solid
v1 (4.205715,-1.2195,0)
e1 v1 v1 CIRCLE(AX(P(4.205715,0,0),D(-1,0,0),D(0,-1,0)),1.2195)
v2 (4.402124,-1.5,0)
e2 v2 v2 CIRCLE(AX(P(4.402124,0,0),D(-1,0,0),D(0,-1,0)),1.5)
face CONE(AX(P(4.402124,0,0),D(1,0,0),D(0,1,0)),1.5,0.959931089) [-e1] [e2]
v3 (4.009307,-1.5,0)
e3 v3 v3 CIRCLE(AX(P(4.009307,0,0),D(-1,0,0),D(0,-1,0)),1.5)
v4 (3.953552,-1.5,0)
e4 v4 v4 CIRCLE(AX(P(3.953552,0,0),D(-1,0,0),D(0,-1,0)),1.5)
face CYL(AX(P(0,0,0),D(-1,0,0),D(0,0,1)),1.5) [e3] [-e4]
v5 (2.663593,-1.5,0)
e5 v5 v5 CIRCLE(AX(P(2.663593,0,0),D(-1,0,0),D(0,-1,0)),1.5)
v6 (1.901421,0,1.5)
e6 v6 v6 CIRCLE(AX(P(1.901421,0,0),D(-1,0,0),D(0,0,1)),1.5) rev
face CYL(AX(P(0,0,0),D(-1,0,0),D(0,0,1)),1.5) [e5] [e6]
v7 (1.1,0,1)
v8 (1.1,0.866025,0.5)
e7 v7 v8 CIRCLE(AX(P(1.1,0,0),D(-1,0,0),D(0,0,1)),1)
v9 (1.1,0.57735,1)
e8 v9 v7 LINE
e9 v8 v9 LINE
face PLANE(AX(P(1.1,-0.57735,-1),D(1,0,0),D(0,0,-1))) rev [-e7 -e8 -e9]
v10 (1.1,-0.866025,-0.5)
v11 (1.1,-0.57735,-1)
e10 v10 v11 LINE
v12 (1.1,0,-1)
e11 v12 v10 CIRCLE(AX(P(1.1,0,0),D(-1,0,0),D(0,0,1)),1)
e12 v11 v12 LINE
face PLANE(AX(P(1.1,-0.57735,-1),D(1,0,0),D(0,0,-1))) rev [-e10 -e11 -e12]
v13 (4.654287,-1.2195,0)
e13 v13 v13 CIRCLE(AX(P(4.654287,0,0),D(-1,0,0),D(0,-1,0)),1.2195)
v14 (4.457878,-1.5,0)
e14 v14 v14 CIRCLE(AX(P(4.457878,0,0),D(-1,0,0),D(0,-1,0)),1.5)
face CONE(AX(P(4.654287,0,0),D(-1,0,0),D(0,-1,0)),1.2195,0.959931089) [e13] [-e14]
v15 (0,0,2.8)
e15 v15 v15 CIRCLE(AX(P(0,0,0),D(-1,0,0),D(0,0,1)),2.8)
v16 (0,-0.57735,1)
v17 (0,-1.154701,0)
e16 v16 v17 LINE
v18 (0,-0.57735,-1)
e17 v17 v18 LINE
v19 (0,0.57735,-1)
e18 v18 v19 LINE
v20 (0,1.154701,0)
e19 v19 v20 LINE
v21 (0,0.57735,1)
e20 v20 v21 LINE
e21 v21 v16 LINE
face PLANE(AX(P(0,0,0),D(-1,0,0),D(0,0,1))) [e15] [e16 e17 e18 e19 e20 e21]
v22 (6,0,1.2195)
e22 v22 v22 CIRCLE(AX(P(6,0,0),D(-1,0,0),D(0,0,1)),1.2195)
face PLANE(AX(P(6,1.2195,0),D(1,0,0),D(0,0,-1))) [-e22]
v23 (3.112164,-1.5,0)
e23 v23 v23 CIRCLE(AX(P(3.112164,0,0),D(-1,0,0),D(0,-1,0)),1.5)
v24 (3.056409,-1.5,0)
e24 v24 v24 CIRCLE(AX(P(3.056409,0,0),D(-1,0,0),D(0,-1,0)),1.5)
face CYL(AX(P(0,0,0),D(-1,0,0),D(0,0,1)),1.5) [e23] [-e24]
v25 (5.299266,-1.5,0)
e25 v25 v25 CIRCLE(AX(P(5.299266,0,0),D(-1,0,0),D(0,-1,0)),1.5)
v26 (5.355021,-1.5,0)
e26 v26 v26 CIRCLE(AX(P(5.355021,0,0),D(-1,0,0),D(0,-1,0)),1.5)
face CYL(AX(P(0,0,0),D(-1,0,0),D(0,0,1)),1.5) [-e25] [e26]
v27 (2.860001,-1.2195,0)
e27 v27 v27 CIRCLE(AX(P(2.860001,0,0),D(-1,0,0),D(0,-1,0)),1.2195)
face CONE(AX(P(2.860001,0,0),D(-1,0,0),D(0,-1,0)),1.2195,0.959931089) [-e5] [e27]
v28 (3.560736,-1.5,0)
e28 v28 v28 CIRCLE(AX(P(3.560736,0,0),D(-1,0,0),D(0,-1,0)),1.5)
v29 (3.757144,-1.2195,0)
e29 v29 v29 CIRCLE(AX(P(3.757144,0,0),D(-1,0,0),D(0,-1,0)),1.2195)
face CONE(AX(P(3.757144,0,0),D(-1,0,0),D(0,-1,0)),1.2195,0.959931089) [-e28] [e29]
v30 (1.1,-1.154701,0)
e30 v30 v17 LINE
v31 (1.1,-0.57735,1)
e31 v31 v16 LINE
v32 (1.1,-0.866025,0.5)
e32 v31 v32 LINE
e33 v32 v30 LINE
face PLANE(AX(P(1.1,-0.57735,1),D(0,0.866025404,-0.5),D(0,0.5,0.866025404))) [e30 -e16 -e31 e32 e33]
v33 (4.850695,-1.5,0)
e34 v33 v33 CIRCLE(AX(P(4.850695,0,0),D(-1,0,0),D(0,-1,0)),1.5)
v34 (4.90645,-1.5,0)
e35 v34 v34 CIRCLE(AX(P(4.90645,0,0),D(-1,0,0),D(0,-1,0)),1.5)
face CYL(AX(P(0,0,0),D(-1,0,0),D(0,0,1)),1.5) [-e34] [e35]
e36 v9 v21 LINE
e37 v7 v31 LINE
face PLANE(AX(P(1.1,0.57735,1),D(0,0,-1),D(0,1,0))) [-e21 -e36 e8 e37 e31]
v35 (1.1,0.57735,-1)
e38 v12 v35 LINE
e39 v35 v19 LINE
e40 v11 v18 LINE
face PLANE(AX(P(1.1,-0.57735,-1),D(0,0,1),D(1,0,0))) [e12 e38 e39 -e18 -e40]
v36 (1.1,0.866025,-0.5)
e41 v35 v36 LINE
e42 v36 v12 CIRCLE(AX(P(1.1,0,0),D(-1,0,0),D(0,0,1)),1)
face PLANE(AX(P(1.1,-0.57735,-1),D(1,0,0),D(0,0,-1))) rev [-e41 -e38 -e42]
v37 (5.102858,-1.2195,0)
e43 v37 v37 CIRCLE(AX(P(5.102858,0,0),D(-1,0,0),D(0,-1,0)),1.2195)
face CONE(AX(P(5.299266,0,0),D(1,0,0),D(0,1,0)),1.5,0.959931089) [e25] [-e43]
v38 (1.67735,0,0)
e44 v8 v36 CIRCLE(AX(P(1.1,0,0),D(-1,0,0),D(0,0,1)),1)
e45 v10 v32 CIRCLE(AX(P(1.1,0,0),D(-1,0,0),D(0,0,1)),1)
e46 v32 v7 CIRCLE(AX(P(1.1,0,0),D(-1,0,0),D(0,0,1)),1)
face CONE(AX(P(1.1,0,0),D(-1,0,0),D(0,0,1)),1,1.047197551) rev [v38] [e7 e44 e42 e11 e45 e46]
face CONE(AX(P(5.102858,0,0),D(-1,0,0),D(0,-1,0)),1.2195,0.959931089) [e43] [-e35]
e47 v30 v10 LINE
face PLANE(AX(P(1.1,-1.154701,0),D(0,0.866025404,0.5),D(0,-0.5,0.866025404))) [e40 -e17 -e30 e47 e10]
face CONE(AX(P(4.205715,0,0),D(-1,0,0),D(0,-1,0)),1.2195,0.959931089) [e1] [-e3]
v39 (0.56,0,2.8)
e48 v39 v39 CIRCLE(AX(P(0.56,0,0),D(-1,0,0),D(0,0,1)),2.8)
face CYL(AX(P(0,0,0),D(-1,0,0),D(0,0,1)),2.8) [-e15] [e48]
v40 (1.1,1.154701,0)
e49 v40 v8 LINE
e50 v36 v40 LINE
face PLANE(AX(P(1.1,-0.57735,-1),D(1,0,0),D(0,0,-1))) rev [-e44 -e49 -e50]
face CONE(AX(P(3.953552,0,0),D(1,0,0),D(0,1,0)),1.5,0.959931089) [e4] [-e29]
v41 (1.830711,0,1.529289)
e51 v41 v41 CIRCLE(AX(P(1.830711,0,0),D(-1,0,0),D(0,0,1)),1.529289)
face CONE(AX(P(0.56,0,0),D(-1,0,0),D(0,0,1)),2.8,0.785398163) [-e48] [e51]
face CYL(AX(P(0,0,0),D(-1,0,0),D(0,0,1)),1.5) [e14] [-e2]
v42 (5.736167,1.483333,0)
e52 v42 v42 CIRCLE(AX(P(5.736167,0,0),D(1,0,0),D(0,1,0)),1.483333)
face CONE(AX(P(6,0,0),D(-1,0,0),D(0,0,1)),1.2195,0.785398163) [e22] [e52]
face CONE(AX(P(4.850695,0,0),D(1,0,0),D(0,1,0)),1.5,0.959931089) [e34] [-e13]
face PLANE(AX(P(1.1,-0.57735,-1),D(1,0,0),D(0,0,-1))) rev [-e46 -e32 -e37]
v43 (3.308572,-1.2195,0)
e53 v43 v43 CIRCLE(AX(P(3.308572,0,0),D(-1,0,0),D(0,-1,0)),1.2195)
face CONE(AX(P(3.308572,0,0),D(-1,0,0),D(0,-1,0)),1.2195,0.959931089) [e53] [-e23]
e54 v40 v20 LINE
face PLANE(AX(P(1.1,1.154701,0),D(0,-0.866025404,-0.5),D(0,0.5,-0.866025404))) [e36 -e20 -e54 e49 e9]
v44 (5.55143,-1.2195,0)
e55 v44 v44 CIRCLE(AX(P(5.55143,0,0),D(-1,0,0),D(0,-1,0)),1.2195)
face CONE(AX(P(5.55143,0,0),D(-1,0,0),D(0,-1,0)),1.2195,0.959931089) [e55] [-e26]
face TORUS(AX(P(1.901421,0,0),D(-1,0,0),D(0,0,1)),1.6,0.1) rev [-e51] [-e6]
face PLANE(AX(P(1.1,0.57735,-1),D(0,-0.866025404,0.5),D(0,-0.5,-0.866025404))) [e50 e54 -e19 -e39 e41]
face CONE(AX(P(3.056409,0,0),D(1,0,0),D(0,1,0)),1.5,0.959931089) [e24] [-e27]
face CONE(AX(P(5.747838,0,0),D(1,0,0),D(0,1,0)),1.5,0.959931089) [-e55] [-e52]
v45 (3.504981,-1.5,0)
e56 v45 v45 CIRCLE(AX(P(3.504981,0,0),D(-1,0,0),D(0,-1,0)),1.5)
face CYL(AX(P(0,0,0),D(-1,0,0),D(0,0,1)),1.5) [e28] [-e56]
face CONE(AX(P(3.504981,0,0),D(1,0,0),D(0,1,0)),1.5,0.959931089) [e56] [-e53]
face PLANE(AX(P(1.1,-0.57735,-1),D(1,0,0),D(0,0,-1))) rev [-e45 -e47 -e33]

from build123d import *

# Parameters (mm, degrees)
FILLET1_R       = 0.1
HEX_2_DEPTH     = 1.1
THDSCHPAT_COUNT = 7
THDSCHPAT_PITCH = 0.448571429


with BuildPart() as part:
    # BodySke → BaseBody (revolve)
    with BuildSketch(Plane.XY, mode=Mode.PRIVATE) as basebody_sk:
        Polygon((0, 0), (0, 2.8), (0.56, 2.8), (1.86, 1.5), (5.7195, 1.5), (6, 1.2195), (6, 0), align=None)
    revolve(basebody_sk.sketch.rotate(Axis((0, 0, 0), (1, 0, 0)), 90), axis=Axis((0, 0, 0), (1, 0, 0)))

    # Fillet1
    fillet1_edges = [part.edges().sort_by_distance(p)[0] for p in [
        (1.86, 0, -1.5),
    ]]
    fillet(fillet1_edges, radius=FILLET1_R)

    # Sketch2 → PreBroach (revolve, cut)
    with BuildSketch(Plane.XY, mode=Mode.PRIVATE) as prebroach_sk:
        Polygon((0, 1), (1.1, 1), (1.677350269, 0), (0, 0), align=None)
    revolve(prebroach_sk.sketch.rotate(Axis((0, 0, 0), (1, 0, 0)), 90), axis=Axis((0, 0, 0), (1, 0, 0)), mode=Mode.SUBTRACT)

    # Sketch3 → Hex 2 (cut)
    with BuildSketch(Plane.ZY):
        Polygon((-1, -0.577350269), (-1, 0.577350269), (0, 1.154700538), (1, 0.577350269), (1, -0.577350269), (0, -1.154700538), align=None)
    extrude(amount=-HEX_2_DEPTH, mode=Mode.SUBTRACT)

    # ThdSchSke → ThreadSchematic (revolve, cut)
    with BuildSketch(Plane.XY, mode=Mode.PRIVATE) as threadschematic_sk:
        Polygon((2.860001, -1.2195), (2.663592786, -1.5), (2.663592786, -1.875), (3.056409214, -1.875), (3.056409214, -1.5), align=None)
    threadschematic = revolve(threadschematic_sk.sketch.rotate(Axis((-3.175, 0, 0), (1, 0, 0)), 270), axis=Axis((-3.175, 0, 0), (1, 0, 0)), mode=Mode.SUBTRACT)

    # ThdSchPat: ThreadSchematic ×7
    with Locations(*[(i * THDSCHPAT_PITCH, 0, 0) for i in range(1, THDSCHPAT_COUNT)]):
        add(threadschematic, mode=Mode.SUBTRACT)


solid = part.part
